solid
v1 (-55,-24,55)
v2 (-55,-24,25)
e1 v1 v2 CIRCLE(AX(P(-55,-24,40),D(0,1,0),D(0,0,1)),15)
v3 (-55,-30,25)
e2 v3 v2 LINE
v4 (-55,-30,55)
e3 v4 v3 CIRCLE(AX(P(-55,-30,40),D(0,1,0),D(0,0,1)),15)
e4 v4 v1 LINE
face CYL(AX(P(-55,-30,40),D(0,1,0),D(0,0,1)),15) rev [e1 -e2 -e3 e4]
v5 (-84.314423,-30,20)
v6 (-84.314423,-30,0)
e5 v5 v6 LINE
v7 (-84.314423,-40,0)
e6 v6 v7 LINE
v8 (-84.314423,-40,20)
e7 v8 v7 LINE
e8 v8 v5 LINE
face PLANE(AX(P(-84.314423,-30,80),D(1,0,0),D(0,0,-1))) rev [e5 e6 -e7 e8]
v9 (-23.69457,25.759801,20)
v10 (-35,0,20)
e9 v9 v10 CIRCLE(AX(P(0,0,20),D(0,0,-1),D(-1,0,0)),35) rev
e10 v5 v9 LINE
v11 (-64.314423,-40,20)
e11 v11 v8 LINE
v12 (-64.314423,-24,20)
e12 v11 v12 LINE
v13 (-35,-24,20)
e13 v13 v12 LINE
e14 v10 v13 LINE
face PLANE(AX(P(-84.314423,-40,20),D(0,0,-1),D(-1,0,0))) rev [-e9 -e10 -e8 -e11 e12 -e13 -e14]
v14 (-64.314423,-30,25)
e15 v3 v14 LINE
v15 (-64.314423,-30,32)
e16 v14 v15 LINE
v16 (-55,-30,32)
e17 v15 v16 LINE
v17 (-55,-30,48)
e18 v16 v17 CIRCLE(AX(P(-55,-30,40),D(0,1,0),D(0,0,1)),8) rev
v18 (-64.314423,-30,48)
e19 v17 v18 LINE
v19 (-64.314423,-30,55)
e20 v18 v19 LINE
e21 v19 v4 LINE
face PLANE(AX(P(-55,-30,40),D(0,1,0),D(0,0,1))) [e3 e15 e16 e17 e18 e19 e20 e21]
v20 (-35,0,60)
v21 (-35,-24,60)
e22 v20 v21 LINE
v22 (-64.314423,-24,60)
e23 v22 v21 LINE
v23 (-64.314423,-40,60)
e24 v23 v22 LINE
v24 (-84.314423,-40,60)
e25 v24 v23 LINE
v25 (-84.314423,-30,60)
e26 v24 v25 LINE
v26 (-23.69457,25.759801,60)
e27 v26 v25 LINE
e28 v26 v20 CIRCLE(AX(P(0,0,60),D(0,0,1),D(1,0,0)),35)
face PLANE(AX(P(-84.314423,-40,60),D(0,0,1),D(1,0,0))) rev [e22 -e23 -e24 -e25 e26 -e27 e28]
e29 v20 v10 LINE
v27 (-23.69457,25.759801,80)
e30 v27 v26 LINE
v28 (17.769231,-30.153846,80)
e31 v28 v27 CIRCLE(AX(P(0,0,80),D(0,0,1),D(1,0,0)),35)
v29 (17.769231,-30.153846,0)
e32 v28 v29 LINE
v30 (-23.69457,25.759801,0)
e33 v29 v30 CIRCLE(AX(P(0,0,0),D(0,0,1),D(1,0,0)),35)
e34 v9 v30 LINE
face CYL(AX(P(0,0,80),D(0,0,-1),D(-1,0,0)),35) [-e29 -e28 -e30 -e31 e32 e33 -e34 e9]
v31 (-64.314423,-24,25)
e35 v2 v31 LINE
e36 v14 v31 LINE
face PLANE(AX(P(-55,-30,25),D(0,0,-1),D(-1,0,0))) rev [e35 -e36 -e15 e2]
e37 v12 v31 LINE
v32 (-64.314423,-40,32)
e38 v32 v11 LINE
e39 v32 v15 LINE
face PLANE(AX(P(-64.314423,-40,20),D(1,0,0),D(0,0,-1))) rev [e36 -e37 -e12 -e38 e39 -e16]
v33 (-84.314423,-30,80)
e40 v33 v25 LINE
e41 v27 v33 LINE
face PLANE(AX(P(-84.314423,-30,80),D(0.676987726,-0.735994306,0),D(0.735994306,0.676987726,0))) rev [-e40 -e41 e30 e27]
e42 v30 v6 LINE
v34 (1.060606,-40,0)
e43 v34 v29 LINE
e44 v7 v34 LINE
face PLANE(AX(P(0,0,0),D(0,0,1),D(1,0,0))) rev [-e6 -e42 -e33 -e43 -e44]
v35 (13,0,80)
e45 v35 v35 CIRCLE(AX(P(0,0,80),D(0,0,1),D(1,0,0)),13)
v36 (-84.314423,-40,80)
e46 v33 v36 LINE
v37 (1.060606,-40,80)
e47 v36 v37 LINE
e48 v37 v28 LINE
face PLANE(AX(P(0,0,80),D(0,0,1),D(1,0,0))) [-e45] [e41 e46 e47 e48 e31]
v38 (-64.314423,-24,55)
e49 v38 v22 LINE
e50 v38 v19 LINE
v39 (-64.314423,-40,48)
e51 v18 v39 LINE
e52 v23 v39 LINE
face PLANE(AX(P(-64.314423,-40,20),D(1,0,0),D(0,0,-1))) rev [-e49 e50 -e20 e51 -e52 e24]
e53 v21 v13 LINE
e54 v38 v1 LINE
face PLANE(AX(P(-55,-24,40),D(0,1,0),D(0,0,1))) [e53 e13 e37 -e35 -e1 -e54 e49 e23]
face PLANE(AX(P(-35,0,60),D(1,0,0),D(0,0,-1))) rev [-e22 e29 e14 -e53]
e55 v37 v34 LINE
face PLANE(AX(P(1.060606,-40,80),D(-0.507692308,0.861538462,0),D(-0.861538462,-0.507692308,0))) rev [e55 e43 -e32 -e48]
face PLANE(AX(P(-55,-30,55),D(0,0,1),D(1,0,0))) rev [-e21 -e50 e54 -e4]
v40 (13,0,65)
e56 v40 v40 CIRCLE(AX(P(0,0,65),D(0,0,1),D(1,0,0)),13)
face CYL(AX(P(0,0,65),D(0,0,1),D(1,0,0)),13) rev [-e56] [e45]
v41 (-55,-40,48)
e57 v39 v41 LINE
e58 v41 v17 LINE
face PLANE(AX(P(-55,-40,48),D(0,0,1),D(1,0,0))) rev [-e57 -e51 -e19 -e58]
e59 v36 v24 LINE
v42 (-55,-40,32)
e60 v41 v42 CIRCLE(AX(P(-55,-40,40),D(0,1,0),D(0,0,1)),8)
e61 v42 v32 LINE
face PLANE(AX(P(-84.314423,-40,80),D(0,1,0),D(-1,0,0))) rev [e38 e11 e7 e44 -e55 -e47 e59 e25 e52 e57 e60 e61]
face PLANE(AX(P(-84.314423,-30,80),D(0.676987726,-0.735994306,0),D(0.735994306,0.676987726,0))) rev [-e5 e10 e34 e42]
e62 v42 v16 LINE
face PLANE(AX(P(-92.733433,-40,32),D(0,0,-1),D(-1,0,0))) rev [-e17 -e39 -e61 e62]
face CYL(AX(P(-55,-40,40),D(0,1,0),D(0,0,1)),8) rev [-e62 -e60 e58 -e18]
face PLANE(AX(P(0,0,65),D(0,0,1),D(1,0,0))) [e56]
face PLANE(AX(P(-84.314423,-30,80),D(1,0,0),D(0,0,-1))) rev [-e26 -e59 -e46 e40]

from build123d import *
from build123d.topology import SkipClean

# Parameters (mm, degrees)
EXTRUDE_1_DEPTH          = 80
SKETCH_2_R               = 13
CUT_EXTRUDE_2_DEPTH      = 15
CUT_EXTRUDE_START        = -15
SKETCH_4_R               = 13
CUT_EXTRUDE_3_DEPTH      = 15
CUT_EXTRUDE_4_DEPTH      = 123.918354375
CUT_EXTRUDE_4_DEPTH_BACK = 123.918354375
SKETCH_5_W               = 20
SKETCH_5_H               = 40
CUT_EXTRUDE_6_DEPTH      = 123.918354375
CUT_EXTRUDE_6_DEPTH_BACK = 24
CUT_EXTRUDE_7_DEPTH      = 131.345394404
CUT_EXTRUDE_8_DEPTH      = 32
CUT_EXTRUDE_8_DEPTH_BACK = 24
SKETCH_10_W              = 30
SKETCH_10_H              = 40
CUT_EXTRUDE_9_DEPTH      = 6
SKETCH_13_W              = 10.619852086
SKETCH_13_H              = 40
CUT_EXTRUDE_10_DEPTH     = 71
EXTRUDE_3_DEPTH          = 60


with BuildPart() as part:
    # Эскиз1 → Бобышка-Вытянуть1 (new body)
    with BuildSketch(Plane.XY):
        with BuildLine():
            Line((-84.314422505, -30), (-23.694570419, 25.759800711))
            ThreePointArc((-23.694570419, 25.759800711), (28.113366731, 20.847988178), (17.769230769, -30.153846154))
            Line((17.769230769, -30.153846154), (1.060606061, -40))
            Line((1.060606061, -40), (-84.314422505, -40))
            Line((-84.314422505, -40), (-84.314422505, -30))
        make_face()
    extrude(amount=EXTRUDE_1_DEPTH)

    # Эскиз2 → Вырез-Вытянуть2 (cut)
    with BuildSketch(Plane.XY):
        Circle(SKETCH_2_R)
    extrude(amount=CUT_EXTRUDE_2_DEPTH, mode=Mode.SUBTRACT)

    # Эскиз4 → Вырез-Вытянуть3 (cut)
    with BuildSketch(Plane.XY.offset(80).offset(CUT_EXTRUDE_START)):
        Circle(SKETCH_4_R)
    extrude(amount=CUT_EXTRUDE_3_DEPTH, mode=Mode.SUBTRACT)

    # Эскиз5 → Вырез-Вытянуть4 (cut, two sides: drawn at the far end of the back side and taken through both)
    with BuildSketch(Plane(origin=(0, 0, 0), x_dir=(1, 0, 0), z_dir=(0, 1, 0)).offset(-CUT_EXTRUDE_4_DEPTH_BACK)):
        with Locations((-74.314422505, -40)):
            Rectangle(SKETCH_5_W, SKETCH_5_H)
    extrude(amount=CUT_EXTRUDE_4_DEPTH + CUT_EXTRUDE_4_DEPTH_BACK, mode=Mode.SUBTRACT)

    # Эскиз6 → Вырез-Вытянуть6 (cut, two sides: drawn at the far end of the back side and taken through both)
    with BuildSketch(Plane(origin=(0, 0, 0), x_dir=(1, 0, 0), z_dir=(0, 1, 0)).offset(-CUT_EXTRUDE_6_DEPTH_BACK)):
        with BuildLine():
            Line((-55, -25), (-84.314422505, -25))
            Line((-84.314422505, -25), (-84.314422505, -55))
            Line((-84.314422505, -55), (-55, -55))
            ThreePointArc((-55, -55), (-40, -40), (-55, -25))
        make_face()
    extrude(amount=CUT_EXTRUDE_6_DEPTH + CUT_EXTRUDE_6_DEPTH_BACK, mode=Mode.SUBTRACT)

    # Эскиз9 → Вырез-Вытянуть7 (cut, through all)
    with BuildSketch(Plane(origin=(0, -24, 0), x_dir=(1, 0, 0), z_dir=(0, 1, 0))):
        with BuildLine():
            Line((-55, -48), (-92.733432528, -48))
            Line((-92.733432528, -48), (-92.733432528, -32))
            Line((-92.733432528, -32), (-55, -32))
            ThreePointArc((-55, -32), (-47, -40), (-55, -48))
        make_face()
    extrude(amount=-CUT_EXTRUDE_7_DEPTH, mode=Mode.SUBTRACT)

    # Эскиз10 → Вырез-Вытянуть8 (cut, two sides: drawn at the far end of the back side and taken through both)
    with BuildSketch(Plane(origin=(0, 0, 0), x_dir=(1, 0, 0), z_dir=(0, 1, 0)).offset(-CUT_EXTRUDE_8_DEPTH_BACK)):
        with Locations((-49.314422505, -40)):
            Rectangle(SKETCH_10_W, SKETCH_10_H)
    extrude(amount=CUT_EXTRUDE_8_DEPTH + CUT_EXTRUDE_8_DEPTH_BACK, mode=Mode.SUBTRACT)

    # Эскиз11 → Вырез-Вытянуть9 (cut)
    with BuildSketch(Plane(origin=(0, -24, 0), x_dir=(1, 0, 0), z_dir=(0, 1, 0))):
        with BuildLine():
            Line((-55, -25), (-81.861005174, -25))
            Line((-81.861005174, -25), (-81.861005174, -55))
            Line((-81.861005174, -55), (-55, -55))
            ThreePointArc((-55, -55), (-40, -40), (-55, -25))
        make_face()
    extrude(amount=-CUT_EXTRUDE_9_DEPTH, mode=Mode.SUBTRACT)

    # Эскиз13 → Вырез-Вытянуть10 (cut)
    with BuildSketch(Plane(origin=(0, -24, 0), x_dir=(1, 0, 0), z_dir=(0, 1, 0))):
        with Locations((-29.004496462, -40)):
            Rectangle(SKETCH_13_W, SKETCH_13_H)
    extrude(amount=CUT_EXTRUDE_10_DEPTH, mode=Mode.SUBTRACT)

    # Эскиз12 → Бобышка-Вытянуть3 (add)
    with SkipClean():  # the faces are left unmerged after this step: merging them gives an invalid solid
        with BuildSketch(Plane.XY):
            with BuildLine():
                Line((-35, 0), (-35, -24))
                Line((-35, -24), (-25.475478406, -24))
                ThreePointArc((-25.475478406, -24), (32.53184397, 12.9104271), (-35, 0))
            make_face()
        extrude(amount=EXTRUDE_3_DEPTH)


solid = part.part
